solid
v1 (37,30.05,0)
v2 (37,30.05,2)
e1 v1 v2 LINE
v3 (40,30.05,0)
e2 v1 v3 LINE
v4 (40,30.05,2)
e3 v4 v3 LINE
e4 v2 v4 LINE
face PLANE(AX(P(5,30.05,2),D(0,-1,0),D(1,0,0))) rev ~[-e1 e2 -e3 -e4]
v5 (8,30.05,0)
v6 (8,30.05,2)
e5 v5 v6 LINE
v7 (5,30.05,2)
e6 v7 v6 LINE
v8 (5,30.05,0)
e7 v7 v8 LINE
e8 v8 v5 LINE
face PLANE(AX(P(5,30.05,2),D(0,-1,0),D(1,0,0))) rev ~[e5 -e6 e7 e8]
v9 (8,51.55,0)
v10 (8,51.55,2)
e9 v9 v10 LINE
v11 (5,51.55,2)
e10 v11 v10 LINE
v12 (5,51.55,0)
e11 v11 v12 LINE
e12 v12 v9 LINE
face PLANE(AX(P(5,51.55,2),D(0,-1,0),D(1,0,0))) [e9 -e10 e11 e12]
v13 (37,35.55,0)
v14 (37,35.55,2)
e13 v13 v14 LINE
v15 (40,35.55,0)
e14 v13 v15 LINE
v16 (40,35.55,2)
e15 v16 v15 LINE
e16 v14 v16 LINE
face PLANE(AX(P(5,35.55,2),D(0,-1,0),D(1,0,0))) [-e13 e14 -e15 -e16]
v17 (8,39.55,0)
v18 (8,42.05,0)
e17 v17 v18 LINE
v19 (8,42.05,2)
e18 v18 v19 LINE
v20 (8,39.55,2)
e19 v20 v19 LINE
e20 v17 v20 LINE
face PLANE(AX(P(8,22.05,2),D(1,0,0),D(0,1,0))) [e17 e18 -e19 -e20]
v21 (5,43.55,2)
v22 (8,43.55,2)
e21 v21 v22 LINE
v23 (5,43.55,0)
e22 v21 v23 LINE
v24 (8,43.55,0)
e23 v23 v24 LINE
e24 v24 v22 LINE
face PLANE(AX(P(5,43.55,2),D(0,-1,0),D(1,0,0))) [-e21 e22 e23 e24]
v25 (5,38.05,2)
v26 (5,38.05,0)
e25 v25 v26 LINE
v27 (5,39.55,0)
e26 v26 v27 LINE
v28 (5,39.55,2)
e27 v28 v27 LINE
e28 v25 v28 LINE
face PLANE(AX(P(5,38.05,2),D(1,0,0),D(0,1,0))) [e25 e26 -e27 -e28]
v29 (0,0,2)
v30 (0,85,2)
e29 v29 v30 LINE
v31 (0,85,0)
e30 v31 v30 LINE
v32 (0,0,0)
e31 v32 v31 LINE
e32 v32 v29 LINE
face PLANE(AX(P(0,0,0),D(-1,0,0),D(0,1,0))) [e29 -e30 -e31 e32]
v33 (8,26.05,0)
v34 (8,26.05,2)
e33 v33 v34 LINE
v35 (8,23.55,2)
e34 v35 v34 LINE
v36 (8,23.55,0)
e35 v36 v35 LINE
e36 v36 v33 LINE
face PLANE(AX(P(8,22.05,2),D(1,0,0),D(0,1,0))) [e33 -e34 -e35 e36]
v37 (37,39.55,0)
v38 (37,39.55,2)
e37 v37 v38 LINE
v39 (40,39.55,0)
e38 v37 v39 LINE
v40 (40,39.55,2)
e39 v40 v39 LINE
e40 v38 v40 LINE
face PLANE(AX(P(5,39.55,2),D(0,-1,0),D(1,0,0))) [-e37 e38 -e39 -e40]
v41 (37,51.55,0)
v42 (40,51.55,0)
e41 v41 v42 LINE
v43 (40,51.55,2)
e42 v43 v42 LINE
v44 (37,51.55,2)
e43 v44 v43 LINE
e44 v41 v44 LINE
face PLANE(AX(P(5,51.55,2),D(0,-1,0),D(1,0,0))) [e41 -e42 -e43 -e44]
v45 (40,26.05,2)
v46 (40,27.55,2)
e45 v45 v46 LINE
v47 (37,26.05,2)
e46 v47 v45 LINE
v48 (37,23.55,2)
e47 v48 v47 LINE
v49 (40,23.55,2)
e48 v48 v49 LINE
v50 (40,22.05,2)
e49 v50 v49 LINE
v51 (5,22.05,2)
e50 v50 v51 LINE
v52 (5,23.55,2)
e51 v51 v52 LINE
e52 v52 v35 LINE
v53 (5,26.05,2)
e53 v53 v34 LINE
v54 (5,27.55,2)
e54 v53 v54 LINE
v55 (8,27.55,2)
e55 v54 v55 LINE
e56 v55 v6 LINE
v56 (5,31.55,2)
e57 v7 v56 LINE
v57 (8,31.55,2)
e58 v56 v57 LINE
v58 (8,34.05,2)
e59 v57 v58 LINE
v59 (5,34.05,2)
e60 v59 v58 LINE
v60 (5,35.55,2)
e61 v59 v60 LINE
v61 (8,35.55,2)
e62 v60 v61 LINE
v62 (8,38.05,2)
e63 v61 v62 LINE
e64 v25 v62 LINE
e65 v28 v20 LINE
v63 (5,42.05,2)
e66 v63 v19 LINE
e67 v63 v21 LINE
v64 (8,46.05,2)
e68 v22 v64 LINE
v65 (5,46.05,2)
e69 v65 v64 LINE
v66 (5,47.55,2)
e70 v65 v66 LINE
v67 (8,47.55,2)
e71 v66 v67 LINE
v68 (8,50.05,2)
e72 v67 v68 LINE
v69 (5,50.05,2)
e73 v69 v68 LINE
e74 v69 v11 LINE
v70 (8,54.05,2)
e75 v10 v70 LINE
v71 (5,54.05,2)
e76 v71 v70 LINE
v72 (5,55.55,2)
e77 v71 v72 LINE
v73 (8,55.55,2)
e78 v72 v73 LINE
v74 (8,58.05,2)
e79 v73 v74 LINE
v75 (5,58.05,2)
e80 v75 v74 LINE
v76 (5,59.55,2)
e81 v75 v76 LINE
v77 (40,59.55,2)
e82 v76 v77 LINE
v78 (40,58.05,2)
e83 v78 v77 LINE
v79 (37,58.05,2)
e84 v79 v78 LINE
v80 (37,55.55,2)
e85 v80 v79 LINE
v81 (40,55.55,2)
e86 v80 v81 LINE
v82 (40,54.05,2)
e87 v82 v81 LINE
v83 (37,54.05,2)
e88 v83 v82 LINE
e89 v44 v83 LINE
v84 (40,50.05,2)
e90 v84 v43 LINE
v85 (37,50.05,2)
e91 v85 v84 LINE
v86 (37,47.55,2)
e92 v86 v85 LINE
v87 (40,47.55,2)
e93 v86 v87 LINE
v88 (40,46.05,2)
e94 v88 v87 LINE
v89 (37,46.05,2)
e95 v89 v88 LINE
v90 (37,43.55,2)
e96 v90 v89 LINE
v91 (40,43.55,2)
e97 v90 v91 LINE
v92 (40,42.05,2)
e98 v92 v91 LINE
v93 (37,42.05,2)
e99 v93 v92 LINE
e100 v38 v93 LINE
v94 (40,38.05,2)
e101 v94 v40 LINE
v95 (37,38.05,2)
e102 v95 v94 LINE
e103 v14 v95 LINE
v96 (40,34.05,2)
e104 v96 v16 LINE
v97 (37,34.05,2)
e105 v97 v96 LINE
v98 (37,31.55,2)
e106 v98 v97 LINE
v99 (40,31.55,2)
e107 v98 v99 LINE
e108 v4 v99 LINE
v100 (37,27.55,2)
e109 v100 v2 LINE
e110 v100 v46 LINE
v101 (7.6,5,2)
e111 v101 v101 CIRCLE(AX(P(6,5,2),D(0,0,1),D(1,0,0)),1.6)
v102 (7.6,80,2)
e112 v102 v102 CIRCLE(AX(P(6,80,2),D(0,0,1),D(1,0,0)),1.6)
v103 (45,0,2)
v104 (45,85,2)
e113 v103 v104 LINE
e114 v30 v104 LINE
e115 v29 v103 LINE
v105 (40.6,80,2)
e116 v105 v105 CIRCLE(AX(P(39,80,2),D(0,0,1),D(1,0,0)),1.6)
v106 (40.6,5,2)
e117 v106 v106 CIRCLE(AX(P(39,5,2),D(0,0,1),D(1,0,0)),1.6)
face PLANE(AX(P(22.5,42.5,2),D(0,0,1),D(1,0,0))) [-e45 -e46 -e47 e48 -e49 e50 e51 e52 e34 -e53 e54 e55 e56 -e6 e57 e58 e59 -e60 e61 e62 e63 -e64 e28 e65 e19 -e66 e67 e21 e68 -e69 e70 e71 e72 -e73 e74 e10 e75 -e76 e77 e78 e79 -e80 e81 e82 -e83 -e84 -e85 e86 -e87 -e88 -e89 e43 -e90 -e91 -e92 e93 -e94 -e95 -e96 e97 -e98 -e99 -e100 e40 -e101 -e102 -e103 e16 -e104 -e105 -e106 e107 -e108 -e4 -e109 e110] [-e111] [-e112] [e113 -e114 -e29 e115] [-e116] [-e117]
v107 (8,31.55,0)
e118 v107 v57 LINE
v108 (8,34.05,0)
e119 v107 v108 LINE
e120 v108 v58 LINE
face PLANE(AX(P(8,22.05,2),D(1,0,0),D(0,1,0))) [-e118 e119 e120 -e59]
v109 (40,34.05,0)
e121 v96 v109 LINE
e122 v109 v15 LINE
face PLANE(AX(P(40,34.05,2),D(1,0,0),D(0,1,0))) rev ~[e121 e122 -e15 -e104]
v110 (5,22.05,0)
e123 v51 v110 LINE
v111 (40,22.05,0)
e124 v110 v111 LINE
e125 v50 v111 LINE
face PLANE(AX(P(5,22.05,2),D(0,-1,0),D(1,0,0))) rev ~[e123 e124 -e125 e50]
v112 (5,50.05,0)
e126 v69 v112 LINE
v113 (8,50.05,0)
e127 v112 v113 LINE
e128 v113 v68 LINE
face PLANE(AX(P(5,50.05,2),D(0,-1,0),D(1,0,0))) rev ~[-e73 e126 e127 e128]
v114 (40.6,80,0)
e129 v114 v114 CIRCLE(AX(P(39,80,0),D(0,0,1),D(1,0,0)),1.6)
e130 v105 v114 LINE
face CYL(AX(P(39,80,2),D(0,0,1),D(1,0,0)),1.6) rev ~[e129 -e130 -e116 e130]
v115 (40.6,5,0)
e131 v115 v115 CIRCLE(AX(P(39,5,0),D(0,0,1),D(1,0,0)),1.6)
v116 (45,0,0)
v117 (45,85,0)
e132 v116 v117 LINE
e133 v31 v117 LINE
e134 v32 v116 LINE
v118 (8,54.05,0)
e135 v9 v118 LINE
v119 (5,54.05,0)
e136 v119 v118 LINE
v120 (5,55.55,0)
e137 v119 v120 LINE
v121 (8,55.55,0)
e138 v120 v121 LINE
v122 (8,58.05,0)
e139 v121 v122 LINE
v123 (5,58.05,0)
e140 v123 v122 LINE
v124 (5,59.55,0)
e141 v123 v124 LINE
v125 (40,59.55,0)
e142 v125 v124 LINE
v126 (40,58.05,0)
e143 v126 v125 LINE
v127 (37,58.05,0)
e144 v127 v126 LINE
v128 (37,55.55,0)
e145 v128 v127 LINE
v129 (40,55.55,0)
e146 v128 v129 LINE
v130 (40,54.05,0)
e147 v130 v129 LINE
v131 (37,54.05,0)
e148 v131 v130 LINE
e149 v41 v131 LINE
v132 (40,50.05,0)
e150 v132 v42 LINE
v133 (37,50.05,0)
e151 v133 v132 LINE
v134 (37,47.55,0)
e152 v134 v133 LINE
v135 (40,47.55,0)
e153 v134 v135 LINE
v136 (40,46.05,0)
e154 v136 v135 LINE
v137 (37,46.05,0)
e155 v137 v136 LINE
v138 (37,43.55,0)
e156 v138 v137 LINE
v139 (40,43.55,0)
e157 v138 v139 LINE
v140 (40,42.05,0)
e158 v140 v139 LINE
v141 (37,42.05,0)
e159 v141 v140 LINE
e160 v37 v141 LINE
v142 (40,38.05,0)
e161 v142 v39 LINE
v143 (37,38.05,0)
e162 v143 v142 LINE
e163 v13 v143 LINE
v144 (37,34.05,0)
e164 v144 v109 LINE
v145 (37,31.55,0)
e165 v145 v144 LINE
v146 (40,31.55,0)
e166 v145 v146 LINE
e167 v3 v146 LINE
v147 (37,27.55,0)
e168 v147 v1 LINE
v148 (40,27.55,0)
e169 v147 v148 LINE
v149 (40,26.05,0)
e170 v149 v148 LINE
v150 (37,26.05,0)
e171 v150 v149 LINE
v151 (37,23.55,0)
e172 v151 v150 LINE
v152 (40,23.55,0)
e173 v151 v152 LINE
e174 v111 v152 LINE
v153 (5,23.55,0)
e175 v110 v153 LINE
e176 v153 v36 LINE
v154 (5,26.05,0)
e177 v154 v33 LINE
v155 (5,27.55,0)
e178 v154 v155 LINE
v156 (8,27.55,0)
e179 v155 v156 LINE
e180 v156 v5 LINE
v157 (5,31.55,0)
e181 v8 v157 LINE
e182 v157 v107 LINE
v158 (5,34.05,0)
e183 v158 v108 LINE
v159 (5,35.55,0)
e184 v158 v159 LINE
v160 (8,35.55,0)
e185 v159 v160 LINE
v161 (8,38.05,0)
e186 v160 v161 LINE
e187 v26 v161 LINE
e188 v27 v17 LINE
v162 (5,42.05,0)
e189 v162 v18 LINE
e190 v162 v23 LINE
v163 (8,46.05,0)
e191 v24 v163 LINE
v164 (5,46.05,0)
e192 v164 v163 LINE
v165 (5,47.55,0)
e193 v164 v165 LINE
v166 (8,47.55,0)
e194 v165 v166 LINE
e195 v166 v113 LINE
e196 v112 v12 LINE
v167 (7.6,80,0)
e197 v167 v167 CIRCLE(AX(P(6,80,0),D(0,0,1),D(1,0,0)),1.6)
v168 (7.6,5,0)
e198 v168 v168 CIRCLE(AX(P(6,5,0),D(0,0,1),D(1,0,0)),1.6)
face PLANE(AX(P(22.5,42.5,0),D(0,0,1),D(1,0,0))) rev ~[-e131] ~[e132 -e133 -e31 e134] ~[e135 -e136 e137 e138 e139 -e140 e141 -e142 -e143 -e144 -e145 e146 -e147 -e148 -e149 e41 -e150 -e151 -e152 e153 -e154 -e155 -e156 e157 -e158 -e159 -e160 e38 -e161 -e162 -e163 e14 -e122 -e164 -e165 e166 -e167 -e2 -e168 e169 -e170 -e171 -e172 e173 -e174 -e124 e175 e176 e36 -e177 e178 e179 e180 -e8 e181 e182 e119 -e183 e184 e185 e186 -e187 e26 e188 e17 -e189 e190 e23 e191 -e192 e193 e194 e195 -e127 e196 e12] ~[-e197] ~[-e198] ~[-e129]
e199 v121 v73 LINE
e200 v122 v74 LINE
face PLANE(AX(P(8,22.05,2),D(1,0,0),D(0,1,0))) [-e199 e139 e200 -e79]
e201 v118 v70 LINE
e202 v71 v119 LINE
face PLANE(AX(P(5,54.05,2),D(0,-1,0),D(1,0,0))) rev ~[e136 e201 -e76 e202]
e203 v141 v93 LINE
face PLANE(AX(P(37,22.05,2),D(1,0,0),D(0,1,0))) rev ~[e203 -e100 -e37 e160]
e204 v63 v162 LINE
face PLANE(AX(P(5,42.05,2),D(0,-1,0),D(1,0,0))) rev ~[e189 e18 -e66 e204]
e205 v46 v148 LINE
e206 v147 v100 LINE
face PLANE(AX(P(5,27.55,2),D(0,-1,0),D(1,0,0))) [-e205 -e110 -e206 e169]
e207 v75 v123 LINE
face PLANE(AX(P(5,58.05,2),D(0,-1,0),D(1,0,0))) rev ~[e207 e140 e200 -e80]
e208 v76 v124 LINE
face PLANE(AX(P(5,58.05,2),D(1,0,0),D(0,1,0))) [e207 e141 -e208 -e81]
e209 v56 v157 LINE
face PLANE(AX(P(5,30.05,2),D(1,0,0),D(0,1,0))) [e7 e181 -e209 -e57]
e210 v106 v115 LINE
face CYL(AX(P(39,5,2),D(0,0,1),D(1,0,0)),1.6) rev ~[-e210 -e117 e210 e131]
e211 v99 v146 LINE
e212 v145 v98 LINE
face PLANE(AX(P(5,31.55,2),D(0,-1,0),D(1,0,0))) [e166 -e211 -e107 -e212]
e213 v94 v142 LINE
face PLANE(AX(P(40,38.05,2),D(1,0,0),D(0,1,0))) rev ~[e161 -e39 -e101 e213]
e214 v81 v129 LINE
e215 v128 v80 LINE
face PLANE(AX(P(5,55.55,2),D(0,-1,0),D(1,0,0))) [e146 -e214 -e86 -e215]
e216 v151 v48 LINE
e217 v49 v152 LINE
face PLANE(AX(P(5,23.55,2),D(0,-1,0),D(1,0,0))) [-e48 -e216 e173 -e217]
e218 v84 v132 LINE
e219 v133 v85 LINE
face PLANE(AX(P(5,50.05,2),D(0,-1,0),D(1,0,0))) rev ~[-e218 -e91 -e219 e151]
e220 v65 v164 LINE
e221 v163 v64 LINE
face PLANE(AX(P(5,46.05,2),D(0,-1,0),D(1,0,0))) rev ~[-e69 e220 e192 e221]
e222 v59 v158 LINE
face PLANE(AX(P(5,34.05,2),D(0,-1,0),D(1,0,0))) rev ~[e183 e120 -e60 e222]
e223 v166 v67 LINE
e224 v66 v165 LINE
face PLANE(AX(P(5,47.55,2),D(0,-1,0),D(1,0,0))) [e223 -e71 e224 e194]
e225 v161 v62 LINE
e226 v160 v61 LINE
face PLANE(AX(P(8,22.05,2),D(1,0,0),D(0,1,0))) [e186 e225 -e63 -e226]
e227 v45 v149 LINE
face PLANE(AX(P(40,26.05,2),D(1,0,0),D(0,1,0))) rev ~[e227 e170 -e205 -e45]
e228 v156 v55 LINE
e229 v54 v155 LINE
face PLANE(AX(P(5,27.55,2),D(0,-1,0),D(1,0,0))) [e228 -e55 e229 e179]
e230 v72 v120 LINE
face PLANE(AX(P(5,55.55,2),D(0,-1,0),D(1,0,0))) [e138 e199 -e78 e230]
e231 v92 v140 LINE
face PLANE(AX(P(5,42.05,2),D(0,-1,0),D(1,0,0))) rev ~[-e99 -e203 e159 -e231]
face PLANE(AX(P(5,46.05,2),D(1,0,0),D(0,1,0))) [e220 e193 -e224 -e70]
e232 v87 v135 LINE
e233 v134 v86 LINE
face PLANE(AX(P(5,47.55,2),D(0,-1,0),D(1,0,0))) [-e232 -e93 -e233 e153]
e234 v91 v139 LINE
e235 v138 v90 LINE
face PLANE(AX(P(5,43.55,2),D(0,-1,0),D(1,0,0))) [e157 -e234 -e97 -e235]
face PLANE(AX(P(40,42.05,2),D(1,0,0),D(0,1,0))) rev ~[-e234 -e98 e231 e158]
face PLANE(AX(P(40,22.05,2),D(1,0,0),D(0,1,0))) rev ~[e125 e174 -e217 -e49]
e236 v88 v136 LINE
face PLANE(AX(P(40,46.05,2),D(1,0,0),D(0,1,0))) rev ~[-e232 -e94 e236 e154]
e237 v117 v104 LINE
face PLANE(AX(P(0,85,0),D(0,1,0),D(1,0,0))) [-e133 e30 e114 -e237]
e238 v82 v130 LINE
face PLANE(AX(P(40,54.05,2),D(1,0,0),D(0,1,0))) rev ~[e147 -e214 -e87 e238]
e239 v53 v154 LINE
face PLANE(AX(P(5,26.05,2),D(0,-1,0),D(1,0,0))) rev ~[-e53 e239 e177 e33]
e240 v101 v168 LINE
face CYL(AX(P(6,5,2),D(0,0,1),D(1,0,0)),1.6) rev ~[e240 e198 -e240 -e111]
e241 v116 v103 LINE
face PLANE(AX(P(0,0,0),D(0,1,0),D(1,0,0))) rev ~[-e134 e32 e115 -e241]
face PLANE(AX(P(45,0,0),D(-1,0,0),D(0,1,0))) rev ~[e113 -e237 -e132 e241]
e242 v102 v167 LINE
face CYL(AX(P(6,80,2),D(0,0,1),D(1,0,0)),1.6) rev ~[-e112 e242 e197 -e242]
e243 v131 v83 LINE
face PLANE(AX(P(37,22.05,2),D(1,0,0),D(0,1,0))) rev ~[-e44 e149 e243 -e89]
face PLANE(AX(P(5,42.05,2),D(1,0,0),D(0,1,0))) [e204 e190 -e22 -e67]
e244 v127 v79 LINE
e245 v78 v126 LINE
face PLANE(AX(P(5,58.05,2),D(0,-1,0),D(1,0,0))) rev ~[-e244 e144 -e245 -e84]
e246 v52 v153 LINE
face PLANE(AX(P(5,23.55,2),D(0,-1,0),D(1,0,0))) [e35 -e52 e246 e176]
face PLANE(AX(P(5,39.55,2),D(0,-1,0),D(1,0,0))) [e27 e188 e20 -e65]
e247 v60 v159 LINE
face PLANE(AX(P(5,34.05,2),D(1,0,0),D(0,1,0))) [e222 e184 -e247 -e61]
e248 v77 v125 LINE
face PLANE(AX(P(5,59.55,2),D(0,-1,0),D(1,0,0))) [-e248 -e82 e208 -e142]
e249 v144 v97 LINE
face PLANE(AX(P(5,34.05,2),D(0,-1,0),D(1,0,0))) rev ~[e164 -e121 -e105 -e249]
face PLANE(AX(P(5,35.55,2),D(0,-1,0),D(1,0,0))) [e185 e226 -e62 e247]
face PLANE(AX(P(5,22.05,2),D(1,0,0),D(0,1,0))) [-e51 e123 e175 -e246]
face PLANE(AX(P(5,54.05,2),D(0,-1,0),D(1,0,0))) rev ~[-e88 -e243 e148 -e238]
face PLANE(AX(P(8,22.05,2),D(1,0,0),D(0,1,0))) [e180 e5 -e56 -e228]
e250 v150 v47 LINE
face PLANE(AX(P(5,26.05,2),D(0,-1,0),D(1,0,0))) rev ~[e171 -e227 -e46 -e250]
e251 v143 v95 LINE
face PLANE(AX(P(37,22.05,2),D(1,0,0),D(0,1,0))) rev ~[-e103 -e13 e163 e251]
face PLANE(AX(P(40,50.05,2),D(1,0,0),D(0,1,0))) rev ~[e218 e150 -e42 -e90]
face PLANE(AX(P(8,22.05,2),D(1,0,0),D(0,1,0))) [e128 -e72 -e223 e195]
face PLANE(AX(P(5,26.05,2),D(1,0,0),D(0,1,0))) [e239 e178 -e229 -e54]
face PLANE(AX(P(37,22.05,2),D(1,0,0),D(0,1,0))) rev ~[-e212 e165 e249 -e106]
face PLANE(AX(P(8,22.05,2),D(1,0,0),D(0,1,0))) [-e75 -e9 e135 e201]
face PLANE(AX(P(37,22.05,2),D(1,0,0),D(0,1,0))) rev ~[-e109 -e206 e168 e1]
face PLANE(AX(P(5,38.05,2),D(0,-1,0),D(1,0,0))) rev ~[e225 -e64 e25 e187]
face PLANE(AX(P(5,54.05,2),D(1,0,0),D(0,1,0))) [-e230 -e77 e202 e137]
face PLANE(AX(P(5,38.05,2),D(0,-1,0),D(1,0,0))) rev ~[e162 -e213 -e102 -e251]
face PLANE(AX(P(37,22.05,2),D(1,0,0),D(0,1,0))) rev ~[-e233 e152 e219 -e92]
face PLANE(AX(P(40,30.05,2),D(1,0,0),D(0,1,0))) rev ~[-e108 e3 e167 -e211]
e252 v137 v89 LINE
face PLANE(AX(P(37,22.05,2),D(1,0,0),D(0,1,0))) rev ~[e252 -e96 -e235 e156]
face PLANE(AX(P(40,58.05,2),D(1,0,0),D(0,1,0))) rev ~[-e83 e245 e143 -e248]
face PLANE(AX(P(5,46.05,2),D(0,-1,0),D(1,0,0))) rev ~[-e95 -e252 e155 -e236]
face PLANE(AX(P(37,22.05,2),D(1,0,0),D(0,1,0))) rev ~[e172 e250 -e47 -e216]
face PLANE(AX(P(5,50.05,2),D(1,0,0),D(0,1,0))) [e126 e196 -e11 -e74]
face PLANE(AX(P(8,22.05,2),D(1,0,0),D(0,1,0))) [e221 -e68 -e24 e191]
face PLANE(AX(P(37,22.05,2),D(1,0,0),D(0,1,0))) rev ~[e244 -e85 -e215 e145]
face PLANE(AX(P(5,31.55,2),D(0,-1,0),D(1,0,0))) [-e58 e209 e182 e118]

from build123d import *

# Parameters (mm, degrees)
SKIZZE1_W                       = 45
SKIZZE1_H                       = 85
AUFSATZ_LINEAR_AUSTRAGEN1_DEPTH = 2
SKIZZE6_R                       = 1.6
SCHNITT_LINEAR_AUSTRAGEN2_DEPTH = 2
SKIZZE7_W                       = 35
SKIZZE7_H                       = 1.5
SCHNITT_LINEAR_AUSTRAGEN3_DEPTH = 10
SKIZZE8_W                       = 29
SKIZZE8_H                       = 37.5
SCHNITT_LINEAR_AUSTRAGEN4_DEPTH = 10


with BuildPart() as part:
    # Skizze1 → Aufsatz-Linear austragen1 (new body)
    with BuildSketch(Plane.XY):
        with Locations((22.5, 42.5)):
            Rectangle(SKIZZE1_W, SKIZZE1_H)
    extrude(amount=AUFSATZ_LINEAR_AUSTRAGEN1_DEPTH)

    # Skizze6 → Schnitt-Linear austragen2 (cut)
    with BuildSketch(Plane.XY.offset(2)):
        with Locations((6, 80)):
            Circle(SKIZZE6_R)
        with Locations((39, 80)):
            Circle(SKIZZE6_R)
        with Locations((39, 5)):
            Circle(SKIZZE6_R)
        with Locations((6, 5)):
            Circle(SKIZZE6_R)
    extrude(amount=-SCHNITT_LINEAR_AUSTRAGEN2_DEPTH, mode=Mode.SUBTRACT)

    # Skizze7 → Schnitt-Linear austragen3 (cut)
    with BuildSketch(Plane.XY.offset(2)):
        with Locations((22.5, 58.8)):
            Rectangle(SKIZZE7_W, SKIZZE7_H)
        with Locations((22.5, 54.8)):
            Rectangle(SKIZZE7_W, SKIZZE7_H)
        with Locations((22.5, 50.8)):
            Rectangle(SKIZZE7_W, SKIZZE7_H)
        with Locations((22.5, 46.8)):
            Rectangle(SKIZZE7_W, SKIZZE7_H)
        with Locations((22.5, 42.8)):
            Rectangle(SKIZZE7_W, SKIZZE7_H)
        with Locations((22.5, 38.8)):
            Rectangle(SKIZZE7_W, SKIZZE7_H)
        with Locations((22.5, 34.8)):
            Rectangle(SKIZZE7_W, SKIZZE7_H)
        with Locations((22.5, 30.8)):
            Rectangle(SKIZZE7_W, SKIZZE7_H)
        with Locations((22.5, 26.8)):
            Rectangle(SKIZZE7_W, SKIZZE7_H)
        with Locations((22.5, 22.8)):
            Rectangle(SKIZZE7_W, SKIZZE7_H)
    extrude(amount=-SCHNITT_LINEAR_AUSTRAGEN3_DEPTH, mode=Mode.SUBTRACT)

    # Skizze8 → Schnitt-Linear austragen4 (cut)
    with BuildSketch(Plane.XY.offset(2)):
        with Locations((22.5, 40.8)):
            Rectangle(SKIZZE8_W, SKIZZE8_H)
    extrude(amount=-SCHNITT_LINEAR_AUSTRAGEN4_DEPTH, mode=Mode.SUBTRACT)


solid = part.part
